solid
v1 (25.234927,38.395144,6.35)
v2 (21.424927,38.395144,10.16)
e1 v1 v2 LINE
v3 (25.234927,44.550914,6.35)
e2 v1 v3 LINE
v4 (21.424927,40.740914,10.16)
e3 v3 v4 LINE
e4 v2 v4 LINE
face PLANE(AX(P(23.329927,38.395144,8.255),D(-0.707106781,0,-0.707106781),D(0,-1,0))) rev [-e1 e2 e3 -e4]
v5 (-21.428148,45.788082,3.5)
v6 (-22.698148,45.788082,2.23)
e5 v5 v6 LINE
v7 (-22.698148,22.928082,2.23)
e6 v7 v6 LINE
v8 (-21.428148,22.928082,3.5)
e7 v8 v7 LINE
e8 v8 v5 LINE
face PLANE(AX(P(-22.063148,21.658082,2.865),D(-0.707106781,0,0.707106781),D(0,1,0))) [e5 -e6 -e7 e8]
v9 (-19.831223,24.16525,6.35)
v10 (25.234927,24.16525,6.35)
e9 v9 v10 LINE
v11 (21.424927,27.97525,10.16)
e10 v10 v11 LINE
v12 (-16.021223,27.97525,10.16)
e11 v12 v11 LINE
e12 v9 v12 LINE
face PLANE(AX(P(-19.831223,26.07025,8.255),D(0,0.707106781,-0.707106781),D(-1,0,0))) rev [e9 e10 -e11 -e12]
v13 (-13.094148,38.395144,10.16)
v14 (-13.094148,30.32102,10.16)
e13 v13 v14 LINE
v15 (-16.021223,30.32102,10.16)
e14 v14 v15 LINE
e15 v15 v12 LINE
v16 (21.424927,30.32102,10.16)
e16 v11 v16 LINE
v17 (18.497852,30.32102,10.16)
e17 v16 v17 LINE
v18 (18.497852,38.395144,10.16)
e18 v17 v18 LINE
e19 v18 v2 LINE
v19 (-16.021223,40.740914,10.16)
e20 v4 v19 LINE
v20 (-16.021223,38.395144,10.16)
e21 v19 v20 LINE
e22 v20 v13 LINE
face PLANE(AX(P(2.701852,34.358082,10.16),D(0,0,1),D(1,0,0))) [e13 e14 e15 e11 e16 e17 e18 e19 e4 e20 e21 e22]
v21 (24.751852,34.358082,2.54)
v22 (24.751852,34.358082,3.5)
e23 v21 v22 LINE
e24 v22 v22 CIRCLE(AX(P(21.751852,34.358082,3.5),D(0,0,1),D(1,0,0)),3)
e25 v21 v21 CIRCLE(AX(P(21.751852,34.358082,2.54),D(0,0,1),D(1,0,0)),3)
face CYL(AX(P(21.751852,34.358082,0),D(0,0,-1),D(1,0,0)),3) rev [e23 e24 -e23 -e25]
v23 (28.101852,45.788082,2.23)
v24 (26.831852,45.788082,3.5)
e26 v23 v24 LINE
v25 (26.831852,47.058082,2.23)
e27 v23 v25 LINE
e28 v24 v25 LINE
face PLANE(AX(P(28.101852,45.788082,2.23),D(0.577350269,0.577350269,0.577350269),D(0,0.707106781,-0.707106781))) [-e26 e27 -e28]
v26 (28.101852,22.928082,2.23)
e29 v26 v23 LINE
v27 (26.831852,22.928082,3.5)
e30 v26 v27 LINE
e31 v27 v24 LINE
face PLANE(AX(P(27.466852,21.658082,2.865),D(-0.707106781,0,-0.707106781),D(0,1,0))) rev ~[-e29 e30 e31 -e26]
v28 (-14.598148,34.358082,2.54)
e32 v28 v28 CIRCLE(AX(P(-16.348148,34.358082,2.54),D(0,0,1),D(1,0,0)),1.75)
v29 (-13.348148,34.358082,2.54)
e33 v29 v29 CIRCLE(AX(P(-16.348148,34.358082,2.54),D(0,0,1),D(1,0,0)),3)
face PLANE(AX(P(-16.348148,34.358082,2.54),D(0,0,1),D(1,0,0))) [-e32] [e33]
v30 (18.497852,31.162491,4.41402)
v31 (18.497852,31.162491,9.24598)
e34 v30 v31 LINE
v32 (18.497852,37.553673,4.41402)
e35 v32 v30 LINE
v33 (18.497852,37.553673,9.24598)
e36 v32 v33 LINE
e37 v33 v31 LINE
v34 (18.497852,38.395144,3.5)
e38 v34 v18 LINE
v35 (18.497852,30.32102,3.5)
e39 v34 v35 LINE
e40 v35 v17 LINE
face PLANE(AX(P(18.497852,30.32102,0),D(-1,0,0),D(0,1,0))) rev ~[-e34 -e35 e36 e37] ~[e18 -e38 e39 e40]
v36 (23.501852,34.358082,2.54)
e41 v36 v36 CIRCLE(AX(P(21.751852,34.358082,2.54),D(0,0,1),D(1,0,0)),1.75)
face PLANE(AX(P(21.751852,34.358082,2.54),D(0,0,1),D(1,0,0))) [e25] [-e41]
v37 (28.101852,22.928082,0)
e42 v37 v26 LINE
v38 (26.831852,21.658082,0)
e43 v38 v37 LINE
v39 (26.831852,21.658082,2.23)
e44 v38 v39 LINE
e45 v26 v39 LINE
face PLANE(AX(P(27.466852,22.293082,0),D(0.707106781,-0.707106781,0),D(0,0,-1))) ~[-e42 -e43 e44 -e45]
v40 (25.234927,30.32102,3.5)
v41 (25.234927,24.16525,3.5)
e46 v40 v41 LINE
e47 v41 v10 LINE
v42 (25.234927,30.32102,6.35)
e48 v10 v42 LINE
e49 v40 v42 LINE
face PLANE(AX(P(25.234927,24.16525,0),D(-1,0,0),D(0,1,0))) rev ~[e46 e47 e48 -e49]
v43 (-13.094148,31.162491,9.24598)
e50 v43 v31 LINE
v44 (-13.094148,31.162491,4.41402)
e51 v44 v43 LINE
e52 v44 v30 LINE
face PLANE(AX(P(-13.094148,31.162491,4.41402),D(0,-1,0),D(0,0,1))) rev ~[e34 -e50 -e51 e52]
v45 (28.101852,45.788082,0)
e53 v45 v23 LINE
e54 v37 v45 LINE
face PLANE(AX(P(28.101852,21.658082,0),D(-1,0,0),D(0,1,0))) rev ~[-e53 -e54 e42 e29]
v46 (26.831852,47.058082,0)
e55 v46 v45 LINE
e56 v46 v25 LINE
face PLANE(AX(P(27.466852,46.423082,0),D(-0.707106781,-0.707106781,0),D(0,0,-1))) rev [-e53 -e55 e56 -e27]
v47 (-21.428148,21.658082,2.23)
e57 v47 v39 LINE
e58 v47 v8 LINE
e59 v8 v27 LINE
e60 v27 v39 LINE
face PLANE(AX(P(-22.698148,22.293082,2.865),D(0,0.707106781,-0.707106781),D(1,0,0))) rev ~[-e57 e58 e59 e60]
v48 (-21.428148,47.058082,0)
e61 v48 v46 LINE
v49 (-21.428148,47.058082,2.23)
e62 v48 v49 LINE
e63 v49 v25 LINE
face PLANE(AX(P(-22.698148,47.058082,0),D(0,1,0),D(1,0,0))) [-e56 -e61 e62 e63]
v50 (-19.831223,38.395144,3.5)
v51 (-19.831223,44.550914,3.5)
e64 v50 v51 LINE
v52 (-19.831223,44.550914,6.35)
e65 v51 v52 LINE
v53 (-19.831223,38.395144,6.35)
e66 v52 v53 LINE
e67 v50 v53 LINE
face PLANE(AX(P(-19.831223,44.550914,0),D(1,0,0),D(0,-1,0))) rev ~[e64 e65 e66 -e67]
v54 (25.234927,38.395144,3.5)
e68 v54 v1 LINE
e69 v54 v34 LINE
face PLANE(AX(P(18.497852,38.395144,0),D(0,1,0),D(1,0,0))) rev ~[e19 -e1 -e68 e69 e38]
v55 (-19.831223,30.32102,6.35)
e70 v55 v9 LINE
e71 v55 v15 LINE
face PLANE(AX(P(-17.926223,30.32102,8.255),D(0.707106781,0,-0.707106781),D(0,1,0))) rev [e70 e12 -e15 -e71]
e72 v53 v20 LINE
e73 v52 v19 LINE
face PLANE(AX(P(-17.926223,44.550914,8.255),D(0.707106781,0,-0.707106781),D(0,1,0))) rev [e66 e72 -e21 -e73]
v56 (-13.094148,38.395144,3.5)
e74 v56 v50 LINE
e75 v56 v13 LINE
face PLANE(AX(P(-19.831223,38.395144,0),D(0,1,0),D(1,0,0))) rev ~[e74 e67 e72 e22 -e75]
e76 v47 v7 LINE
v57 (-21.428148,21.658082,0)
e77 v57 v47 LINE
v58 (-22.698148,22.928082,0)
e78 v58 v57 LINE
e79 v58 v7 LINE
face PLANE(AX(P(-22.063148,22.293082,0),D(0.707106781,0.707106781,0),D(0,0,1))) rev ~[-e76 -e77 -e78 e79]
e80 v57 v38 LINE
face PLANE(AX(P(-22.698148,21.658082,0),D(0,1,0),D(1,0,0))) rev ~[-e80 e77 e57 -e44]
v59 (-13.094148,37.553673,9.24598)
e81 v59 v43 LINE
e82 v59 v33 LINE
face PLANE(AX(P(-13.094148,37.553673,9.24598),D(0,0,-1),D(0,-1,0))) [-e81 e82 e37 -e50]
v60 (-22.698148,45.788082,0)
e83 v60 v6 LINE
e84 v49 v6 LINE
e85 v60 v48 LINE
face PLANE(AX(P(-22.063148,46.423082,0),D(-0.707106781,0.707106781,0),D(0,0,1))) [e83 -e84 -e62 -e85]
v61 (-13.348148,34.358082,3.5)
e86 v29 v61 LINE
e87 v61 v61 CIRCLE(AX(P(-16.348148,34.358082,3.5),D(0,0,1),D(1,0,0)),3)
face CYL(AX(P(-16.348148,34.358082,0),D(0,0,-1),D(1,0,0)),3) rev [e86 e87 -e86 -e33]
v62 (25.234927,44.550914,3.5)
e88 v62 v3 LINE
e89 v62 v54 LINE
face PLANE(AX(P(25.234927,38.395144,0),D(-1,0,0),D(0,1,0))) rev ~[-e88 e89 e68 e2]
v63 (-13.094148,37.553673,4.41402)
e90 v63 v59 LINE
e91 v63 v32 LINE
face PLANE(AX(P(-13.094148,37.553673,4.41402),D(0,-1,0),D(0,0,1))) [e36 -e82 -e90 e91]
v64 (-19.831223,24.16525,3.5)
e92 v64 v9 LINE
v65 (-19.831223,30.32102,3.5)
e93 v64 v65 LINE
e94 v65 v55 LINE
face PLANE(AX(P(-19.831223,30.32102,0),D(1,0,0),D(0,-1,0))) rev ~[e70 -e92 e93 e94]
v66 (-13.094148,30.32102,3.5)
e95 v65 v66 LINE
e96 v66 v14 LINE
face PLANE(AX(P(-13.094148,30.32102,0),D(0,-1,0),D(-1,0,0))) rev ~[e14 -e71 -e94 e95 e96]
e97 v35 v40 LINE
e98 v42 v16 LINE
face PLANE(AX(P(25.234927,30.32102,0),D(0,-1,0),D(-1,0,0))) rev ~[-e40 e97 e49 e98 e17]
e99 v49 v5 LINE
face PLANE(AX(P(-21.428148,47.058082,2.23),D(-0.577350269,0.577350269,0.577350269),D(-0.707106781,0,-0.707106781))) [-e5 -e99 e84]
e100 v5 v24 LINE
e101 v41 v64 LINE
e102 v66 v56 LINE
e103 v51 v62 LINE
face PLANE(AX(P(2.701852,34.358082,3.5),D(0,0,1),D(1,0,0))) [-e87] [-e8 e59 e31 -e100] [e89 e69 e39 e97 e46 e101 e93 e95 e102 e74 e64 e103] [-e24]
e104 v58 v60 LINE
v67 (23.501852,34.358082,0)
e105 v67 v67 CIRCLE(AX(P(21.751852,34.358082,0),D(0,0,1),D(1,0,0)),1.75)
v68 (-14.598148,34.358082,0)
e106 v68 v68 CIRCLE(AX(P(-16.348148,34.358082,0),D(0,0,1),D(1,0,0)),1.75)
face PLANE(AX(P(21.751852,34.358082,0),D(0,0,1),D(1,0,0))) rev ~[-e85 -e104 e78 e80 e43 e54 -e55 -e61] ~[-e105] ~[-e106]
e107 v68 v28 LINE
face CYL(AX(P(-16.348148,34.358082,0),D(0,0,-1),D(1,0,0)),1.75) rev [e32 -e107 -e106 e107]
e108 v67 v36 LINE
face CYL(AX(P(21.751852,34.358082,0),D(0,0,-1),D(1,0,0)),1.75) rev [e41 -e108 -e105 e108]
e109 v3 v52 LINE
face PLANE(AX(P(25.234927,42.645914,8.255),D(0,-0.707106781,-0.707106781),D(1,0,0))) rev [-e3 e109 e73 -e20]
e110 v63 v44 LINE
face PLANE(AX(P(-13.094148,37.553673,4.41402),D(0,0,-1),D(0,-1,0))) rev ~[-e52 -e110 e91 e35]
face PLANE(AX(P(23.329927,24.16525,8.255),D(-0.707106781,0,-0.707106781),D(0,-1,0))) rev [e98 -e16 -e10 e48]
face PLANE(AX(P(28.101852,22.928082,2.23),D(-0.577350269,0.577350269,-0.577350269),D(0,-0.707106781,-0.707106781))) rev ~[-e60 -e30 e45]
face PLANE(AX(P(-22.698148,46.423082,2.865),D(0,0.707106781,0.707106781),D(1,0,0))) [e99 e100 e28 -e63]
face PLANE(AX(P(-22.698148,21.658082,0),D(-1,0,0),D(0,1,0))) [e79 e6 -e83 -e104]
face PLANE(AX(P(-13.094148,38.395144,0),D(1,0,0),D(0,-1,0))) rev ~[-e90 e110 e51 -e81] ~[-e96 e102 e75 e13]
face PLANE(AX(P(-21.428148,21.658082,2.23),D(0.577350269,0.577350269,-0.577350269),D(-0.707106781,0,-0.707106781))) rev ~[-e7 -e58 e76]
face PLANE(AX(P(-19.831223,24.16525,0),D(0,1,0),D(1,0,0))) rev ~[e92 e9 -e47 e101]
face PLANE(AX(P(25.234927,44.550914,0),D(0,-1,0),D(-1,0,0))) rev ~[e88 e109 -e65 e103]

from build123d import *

# Parameters (mm, degrees)
F0_W     = 50.8
F0_H     = 25.4
F0_R     = 3
F1_DEPTH = 3.5
F2_DEPTH = 10.16
F3_SIZE  = 1.27
F4_SIZE  = 3.81
F0_R_2   = 1.75
F5_DEPTH = 2.54
F6_W     = 6.391182
F6_H     = 4.83196
F7_DEPTH = 31.592


with BuildPart() as f1:
    # F0 (on Top) → F1 (new body)
    with BuildSketch(Plane.XY):
        with Locations((2.701852, 34.358082)):
            Rectangle(F0_W, F0_H)
        Polygon((-19.831223, 38.395144), (-19.831223, 44.550914), (25.234927, 44.550914), (25.234927, 38.395144), (18.497852, 38.395144), (18.497852, 30.32102), (25.234927, 30.32102), (25.234927, 24.16525), (-19.831223, 24.16525), (-19.831223, 30.32102), (-13.094148, 30.32102), (-13.094148, 38.395144), align=None, mode=Mode.SUBTRACT)
        with Locations((-16.348148, 34.358082)):
            Circle(F0_R, mode=Mode.SUBTRACT)
        with Locations((21.751852, 34.358082)):
            Circle(F0_R, mode=Mode.SUBTRACT)
    extrude(amount=F1_DEPTH)

    # F0 (on Top) → F2 (join)
    with BuildSketch(Plane.XY):
        Polygon((25.234927, 44.550914), (-19.831223, 44.550914), (-19.831223, 38.395144), (-13.094148, 38.395144), (-13.094148, 30.32102), (-19.831223, 30.32102), (-19.831223, 24.16525), (25.234927, 24.16525), (25.234927, 30.32102), (18.497852, 30.32102), (18.497852, 38.395144), (25.234927, 38.395144), align=None)
    extrude(amount=F2_DEPTH)

    # F3
    f3_edges = [f1.edges().sort_by_distance(p)[0] for p in [
        (-22.698148, 34.358082, 3.5),
        (2.701852, 21.658082, 3.5),
        (2.701852, 47.058082, 3.5),
        (28.101852, 34.358082, 3.5),
        (-22.698148, 47.058082, 1.75),
        (-22.698148, 21.658082, 1.75),
        (28.101852, 21.658082, 1.75),
        (28.101852, 47.058082, 1.75),
    ]]
    chamfer(f3_edges, length=F3_SIZE)

    # F4
    f4_edges = [f1.edges().sort_by_distance(p)[0] for p in [
        (25.234927, 41.473029, 10.16),
        (2.701852, 44.550914, 10.16),
        (25.234927, 27.243135, 10.16),
        (2.701852, 24.16525, 10.16),
        (-19.831223, 41.473029, 10.16),
        (-19.831223, 27.243135, 10.16),
    ]]
    chamfer(f4_edges, length=F4_SIZE)

    # F0 (on Top) → F5 (join)
    with BuildSketch(Plane.XY):
        with Locations((21.751852, 34.358082)):
            Circle(F0_R)
        with Locations((21.751852, 34.358082)):
            Circle(F0_R_2, mode=Mode.SUBTRACT)
        with Locations((-16.348148, 34.358082)):
            Circle(F0_R)
        with Locations((-16.348148, 34.358082)):
            Circle(F0_R_2, mode=Mode.SUBTRACT)
    extrude(amount=F5_DEPTH)

    # F6 (on face) → F7 (cut, through all)
    with BuildSketch(Plane(origin=(-13.094148, 0, 0), x_dir=(0, -1, 0), z_dir=(-1, 0, 0))):
        with Locations((-34.358082, 6.83)):
            Rectangle(F6_W, F6_H)
    extrude(amount=-F7_DEPTH, mode=Mode.SUBTRACT)


solid = f1.part
